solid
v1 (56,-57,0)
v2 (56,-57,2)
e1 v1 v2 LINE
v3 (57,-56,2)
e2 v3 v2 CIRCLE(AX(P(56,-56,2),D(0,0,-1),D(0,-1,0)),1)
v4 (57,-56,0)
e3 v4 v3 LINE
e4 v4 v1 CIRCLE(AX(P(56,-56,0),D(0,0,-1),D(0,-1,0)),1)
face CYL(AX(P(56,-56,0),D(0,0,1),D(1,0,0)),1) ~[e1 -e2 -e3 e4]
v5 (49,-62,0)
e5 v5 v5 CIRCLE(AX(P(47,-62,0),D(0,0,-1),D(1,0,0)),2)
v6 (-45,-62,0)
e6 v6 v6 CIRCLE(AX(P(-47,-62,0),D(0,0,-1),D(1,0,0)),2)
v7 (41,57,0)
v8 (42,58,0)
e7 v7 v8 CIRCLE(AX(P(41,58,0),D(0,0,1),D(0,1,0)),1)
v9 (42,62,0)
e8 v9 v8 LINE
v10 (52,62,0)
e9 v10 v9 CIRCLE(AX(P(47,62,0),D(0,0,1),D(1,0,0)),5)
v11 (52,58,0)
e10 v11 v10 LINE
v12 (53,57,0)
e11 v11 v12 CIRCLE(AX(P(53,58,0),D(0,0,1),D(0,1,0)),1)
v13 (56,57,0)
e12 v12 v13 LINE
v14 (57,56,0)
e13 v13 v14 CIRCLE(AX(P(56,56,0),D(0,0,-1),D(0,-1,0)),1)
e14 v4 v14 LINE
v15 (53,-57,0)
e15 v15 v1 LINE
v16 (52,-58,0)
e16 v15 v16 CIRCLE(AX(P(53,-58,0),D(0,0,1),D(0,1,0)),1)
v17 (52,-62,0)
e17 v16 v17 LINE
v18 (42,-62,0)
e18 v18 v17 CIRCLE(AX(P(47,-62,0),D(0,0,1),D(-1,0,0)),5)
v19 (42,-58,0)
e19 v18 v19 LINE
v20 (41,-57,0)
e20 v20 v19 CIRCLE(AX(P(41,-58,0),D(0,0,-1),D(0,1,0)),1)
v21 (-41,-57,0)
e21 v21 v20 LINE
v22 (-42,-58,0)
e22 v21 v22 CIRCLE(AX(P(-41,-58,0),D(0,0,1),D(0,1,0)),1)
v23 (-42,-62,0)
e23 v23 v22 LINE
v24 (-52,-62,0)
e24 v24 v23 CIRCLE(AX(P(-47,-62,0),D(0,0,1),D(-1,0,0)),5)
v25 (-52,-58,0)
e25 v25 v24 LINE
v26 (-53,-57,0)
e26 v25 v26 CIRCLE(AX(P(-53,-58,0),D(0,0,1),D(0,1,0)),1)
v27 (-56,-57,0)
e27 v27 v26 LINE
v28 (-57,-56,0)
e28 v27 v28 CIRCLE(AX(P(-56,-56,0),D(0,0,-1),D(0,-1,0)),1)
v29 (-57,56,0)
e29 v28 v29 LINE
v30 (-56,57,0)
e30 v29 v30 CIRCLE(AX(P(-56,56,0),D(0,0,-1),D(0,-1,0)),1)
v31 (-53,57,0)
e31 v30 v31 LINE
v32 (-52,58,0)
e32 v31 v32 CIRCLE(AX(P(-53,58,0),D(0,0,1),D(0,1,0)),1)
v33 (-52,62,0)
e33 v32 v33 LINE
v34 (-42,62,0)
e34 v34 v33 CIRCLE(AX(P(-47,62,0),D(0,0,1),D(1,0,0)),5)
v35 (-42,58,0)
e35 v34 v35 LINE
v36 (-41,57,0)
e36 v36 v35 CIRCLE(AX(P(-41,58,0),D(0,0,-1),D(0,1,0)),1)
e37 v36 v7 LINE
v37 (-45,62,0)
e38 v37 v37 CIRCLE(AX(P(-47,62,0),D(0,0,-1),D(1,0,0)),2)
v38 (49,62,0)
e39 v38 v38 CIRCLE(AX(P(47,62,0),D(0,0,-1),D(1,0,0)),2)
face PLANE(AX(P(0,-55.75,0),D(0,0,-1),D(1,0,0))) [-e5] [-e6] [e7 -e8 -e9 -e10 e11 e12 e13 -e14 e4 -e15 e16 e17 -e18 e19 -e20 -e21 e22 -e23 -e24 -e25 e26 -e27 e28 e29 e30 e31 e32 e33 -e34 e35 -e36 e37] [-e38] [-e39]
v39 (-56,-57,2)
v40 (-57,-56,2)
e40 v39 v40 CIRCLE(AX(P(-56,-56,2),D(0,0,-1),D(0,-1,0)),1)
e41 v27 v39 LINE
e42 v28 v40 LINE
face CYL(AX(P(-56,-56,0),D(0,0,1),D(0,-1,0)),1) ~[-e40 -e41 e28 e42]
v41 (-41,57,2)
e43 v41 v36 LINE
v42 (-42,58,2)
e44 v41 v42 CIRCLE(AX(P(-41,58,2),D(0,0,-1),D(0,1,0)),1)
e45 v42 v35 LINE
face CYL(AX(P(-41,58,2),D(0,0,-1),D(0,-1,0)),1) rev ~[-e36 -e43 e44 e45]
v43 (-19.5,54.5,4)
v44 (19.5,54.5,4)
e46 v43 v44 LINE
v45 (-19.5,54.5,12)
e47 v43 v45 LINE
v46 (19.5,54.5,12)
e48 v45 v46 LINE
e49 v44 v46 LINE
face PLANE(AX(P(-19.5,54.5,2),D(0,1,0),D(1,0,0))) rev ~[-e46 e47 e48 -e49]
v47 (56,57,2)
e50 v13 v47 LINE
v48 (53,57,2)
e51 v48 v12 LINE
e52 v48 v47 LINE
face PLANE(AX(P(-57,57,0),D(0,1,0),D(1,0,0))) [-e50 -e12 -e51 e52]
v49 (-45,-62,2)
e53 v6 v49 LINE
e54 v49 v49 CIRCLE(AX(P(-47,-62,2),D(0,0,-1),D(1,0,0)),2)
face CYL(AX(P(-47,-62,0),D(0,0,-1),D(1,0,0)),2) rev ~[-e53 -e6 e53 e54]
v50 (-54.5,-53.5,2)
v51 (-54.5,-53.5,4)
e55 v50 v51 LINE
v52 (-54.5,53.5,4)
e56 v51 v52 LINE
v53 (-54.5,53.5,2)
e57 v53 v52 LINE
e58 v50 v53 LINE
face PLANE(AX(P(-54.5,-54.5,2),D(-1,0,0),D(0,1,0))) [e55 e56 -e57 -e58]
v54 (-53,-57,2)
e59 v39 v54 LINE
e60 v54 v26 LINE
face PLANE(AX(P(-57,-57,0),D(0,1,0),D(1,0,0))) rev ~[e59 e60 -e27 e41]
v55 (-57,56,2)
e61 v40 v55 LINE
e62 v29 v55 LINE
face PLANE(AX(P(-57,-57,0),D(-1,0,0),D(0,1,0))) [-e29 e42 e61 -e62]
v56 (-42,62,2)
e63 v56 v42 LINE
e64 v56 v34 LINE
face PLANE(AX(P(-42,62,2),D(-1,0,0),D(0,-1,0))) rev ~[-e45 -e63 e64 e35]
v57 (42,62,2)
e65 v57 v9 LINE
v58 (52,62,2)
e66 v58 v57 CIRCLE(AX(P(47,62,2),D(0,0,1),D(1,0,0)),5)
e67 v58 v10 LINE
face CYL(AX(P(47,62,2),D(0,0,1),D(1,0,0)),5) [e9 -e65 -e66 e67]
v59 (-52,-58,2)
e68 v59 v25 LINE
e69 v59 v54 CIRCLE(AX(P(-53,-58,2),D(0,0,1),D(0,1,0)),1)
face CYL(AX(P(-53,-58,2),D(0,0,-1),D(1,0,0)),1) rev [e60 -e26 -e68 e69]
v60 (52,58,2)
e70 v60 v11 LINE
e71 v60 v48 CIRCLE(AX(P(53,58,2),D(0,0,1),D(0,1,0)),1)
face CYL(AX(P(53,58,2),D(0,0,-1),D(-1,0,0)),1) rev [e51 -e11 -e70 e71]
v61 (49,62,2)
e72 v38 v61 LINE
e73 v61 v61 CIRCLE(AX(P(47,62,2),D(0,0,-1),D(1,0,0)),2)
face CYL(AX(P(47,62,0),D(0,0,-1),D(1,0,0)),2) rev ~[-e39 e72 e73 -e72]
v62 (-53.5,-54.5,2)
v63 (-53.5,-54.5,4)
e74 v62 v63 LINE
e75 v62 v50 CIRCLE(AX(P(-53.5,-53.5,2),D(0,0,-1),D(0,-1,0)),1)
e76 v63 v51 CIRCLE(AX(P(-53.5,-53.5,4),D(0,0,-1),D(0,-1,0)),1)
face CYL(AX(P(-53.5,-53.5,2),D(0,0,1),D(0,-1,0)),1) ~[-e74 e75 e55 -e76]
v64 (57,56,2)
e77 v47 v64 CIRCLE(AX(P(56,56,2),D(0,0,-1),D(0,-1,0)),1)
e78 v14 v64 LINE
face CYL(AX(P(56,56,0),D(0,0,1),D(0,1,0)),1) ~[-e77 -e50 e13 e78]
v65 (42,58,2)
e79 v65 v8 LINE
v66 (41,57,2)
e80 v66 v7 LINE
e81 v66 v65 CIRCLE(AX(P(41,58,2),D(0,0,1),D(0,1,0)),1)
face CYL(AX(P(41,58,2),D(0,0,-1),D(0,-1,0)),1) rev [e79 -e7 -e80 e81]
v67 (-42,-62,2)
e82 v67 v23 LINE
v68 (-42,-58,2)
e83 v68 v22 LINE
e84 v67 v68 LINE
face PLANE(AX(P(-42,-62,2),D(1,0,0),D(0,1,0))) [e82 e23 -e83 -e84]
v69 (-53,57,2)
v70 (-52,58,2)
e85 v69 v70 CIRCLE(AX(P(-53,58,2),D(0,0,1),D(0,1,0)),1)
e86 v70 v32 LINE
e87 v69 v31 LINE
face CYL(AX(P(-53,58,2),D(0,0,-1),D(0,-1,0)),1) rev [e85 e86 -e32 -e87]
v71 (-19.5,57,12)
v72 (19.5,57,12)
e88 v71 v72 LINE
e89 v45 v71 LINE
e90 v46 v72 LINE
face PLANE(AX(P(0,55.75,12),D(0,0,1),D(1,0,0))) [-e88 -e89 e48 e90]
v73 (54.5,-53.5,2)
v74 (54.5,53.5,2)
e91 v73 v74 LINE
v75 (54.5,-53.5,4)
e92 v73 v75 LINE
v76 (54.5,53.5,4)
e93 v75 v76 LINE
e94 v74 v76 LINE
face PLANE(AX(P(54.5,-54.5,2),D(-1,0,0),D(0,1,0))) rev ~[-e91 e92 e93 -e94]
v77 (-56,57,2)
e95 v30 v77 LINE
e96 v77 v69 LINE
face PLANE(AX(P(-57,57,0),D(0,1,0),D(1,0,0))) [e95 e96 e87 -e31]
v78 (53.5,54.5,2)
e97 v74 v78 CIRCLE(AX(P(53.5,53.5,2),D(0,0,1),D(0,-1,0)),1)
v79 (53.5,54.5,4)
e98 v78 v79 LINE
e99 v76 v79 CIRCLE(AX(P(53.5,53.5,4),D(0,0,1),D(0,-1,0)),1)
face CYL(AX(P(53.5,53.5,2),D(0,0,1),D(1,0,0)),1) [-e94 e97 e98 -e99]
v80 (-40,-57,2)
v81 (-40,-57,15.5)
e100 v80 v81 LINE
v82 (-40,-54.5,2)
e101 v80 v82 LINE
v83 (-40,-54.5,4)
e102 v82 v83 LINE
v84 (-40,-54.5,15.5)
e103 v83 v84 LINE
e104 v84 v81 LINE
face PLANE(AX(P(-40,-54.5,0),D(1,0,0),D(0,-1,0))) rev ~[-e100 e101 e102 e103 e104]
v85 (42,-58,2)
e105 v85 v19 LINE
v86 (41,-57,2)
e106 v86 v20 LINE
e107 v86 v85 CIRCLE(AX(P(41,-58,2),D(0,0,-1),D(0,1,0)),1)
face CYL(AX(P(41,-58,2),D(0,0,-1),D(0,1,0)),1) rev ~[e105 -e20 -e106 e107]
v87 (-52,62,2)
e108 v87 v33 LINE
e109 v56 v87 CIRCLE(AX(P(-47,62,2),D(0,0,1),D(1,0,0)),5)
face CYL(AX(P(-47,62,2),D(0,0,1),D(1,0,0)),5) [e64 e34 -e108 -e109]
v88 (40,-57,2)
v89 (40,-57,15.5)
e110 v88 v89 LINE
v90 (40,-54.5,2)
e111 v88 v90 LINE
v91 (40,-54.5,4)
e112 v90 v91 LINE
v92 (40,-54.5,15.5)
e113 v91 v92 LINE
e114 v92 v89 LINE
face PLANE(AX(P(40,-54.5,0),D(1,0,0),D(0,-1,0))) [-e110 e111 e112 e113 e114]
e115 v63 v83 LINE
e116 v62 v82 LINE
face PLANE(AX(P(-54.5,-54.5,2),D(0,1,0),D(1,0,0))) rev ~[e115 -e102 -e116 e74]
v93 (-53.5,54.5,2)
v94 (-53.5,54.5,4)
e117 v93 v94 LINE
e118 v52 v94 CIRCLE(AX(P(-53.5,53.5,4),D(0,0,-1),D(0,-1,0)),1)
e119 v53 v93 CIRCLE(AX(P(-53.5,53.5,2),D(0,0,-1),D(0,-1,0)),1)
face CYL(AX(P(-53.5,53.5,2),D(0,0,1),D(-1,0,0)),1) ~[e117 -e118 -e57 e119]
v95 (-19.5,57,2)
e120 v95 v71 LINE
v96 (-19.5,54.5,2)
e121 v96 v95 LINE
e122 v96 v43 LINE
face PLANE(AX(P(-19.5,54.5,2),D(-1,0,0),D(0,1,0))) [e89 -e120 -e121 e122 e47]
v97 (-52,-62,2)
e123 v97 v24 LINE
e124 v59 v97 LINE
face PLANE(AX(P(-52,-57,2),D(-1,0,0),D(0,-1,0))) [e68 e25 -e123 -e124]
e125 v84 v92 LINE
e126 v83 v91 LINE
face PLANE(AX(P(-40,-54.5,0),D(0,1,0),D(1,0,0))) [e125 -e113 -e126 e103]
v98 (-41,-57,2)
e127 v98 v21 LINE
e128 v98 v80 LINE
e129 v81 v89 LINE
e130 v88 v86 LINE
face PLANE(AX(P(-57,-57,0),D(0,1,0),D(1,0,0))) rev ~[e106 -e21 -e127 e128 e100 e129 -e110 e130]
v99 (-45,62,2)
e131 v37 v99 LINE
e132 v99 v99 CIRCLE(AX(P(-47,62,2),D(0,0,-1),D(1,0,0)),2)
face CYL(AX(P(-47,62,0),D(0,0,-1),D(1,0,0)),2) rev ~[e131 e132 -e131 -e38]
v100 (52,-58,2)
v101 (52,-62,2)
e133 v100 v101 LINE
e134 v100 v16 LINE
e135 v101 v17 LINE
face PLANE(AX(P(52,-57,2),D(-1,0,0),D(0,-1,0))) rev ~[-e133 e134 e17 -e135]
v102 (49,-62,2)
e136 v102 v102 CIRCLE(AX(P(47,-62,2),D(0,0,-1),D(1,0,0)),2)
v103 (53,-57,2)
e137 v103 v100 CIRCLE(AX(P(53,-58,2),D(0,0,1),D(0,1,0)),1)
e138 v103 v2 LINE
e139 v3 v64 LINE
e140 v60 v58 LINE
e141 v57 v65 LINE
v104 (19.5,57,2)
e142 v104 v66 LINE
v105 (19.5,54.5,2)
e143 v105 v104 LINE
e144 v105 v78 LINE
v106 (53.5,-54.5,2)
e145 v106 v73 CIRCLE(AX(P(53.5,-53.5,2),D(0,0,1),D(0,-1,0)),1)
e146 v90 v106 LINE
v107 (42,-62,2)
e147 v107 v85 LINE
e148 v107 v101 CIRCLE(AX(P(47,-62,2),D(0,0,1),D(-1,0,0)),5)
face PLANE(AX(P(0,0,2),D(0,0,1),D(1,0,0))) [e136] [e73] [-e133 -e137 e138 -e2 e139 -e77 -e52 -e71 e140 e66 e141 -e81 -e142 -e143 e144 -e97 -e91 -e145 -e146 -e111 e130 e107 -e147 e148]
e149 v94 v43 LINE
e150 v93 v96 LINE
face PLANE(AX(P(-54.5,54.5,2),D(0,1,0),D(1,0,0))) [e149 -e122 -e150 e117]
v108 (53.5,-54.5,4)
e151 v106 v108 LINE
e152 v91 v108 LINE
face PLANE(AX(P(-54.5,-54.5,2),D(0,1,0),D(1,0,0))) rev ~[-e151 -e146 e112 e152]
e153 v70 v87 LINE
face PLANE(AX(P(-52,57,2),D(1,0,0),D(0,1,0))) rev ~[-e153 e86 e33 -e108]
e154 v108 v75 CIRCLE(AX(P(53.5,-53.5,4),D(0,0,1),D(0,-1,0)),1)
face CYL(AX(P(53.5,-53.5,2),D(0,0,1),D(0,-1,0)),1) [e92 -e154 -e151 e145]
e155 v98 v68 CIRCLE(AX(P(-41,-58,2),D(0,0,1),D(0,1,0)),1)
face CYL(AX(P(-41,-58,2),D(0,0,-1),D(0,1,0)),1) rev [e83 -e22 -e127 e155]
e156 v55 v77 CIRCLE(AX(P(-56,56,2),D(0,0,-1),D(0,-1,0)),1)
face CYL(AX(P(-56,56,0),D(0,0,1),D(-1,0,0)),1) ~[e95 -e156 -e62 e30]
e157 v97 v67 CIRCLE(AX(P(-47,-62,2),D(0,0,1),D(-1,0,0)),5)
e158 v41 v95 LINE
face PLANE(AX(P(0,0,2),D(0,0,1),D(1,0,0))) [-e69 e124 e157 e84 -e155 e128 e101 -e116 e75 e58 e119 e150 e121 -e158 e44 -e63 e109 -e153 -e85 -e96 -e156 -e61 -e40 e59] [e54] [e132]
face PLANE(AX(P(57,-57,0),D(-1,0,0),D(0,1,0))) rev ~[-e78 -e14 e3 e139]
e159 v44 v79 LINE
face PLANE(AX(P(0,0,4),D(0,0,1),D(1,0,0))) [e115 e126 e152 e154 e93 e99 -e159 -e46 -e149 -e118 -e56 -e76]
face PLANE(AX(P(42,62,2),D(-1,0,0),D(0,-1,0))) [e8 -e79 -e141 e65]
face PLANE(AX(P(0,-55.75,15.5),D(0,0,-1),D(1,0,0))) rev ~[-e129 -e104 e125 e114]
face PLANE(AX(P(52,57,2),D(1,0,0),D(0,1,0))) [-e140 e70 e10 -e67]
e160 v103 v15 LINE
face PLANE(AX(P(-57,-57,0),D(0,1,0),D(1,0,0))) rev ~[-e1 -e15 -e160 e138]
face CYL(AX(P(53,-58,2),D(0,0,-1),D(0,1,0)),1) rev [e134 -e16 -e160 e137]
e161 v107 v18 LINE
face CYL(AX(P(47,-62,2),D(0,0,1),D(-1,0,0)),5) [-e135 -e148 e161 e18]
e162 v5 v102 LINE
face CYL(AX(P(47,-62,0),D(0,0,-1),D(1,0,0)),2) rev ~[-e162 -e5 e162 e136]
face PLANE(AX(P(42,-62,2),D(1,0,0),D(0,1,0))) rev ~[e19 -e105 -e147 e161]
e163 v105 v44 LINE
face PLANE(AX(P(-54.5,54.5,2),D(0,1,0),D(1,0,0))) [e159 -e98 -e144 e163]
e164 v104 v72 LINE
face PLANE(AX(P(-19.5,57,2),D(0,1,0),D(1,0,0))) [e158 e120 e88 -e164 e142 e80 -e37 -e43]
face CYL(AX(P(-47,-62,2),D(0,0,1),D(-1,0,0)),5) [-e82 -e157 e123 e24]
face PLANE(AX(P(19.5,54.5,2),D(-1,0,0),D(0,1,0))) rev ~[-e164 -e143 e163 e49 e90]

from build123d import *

# Parameters (mm, degrees)
SKETCH_W     = 114
SKETCH_H     = 114
PAD_DEPTH    = 2
SKETCH001_W  = 109
SKETCH001_H  = 109
PAD001_DEPTH = 2
PAD002_DEPTH = 2
SKETCH003_R  = 2
HOLE_DEPTH   = 4.001
FILLET_R     = 1
SKETCH004_W  = 80
SKETCH004_H  = 2.5
PAD003_DEPTH = 15.5
SKETCH005_W  = 39
SKETCH005_H  = 2.5
PAD004_DEPTH = 10
FILLET001_R  = 1


with BuildPart() as part:
    # Sketch → Pad (new body)
    with BuildSketch(Plane.XY):
        Rectangle(SKETCH_W, SKETCH_H)
    extrude(amount=PAD_DEPTH)

    # Sketch001 (on Face6 of Pad) → Pad001 (join)
    with BuildSketch(Plane.XY.offset(2)):
        Rectangle(SKETCH001_W, SKETCH001_H)
    extrude(amount=PAD001_DEPTH)

    # Sketch002 (on Face5 of Pad001) → Pad002 (join)
    with BuildSketch(Plane.XY.offset(2)):
        with BuildLine():
            ThreePointArc((52, 62), (47, 67), (42, 62))
            Line((42, 62), (42, 57))
            Line((42, 57), (52, 57))
            Line((52, 57), (52, 62))
        make_face()
        with BuildLine():
            ThreePointArc((-42, 62), (-47, 67), (-52, 62))
            Line((-52, 57), (-52, 62))
            Line((-42, 57), (-52, 57))
            Line((-42, 62), (-42, 57))
        make_face()
        with BuildLine():
            ThreePointArc((42, -62), (47, -67), (52, -62))
            Line((52, -57), (52, -62))
            Line((42, -57), (52, -57))
            Line((42, -62), (42, -57))
        make_face()
        with BuildLine():
            ThreePointArc((-52, -62), (-47, -67), (-42, -62))
            Line((-42, -62), (-42, -57))
            Line((-42, -57), (-52, -57))
            Line((-52, -57), (-52, -62))
        make_face()
    extrude(amount=-PAD002_DEPTH)

    # Sketch003 (on Face21 of Pad002) → Hole (cut, through all)
    with BuildSketch(Plane(origin=(0, 0, 0), x_dir=(1, 0, 0), z_dir=(0, 0, -1))):
        with Locations((-47, 62)):
            Circle(SKETCH003_R)
        with Locations((47, 62)):
            Circle(SKETCH003_R)
        with Locations((47, -62)):
            Circle(SKETCH003_R)
        with Locations((-47, -62)):
            Circle(SKETCH003_R)
    extrude(amount=-HOLE_DEPTH, mode=Mode.SUBTRACT)

    # Fillet
    fillet_edges = [part.edges().sort_by_distance(p)[0] for p in [
        (54.5, 54.5, 3),
        (-54.5, 54.5, 3),
        (-54.5, -54.5, 3),
        (54.5, -54.5, 3),
    ]]
    fillet(fillet_edges, radius=FILLET_R)

    # Sketch004 (on Face35 of Fillet) → Pad003 (join)
    with BuildSketch(Plane(origin=(0, 0, 0), x_dir=(1, 0, 0), z_dir=(0, 0, -1))):
        with Locations((0, 55.75)):
            Rectangle(SKETCH004_W, SKETCH004_H)
    extrude(amount=-PAD003_DEPTH)

    # Sketch005 (on Face1 of Pad003) → Pad004 (join)
    with BuildSketch(Plane.XY.offset(2)):
        with Locations((0, 55.75)):
            Rectangle(SKETCH005_W, SKETCH005_H)
    extrude(amount=PAD004_DEPTH)

    # Fillet001
    fillet001_edges = [part.edges().sort_by_distance(p)[0] for p in [
        (57, 57, 1),
        (-57, 57, 1),
        (-57, -57, 1),
        (57, -57, 1),
        (52, 57, 1),
        (52, -57, 1),
        (-42, -57, 1),
        (42, -57, 1),
        (-52, -57, 1),
        (-52, 57, 1),
        (42, 57, 1),
        (-42, 57, 1),
    ]]
    fillet(fillet001_edges, radius=FILLET001_R)


solid = part.part
